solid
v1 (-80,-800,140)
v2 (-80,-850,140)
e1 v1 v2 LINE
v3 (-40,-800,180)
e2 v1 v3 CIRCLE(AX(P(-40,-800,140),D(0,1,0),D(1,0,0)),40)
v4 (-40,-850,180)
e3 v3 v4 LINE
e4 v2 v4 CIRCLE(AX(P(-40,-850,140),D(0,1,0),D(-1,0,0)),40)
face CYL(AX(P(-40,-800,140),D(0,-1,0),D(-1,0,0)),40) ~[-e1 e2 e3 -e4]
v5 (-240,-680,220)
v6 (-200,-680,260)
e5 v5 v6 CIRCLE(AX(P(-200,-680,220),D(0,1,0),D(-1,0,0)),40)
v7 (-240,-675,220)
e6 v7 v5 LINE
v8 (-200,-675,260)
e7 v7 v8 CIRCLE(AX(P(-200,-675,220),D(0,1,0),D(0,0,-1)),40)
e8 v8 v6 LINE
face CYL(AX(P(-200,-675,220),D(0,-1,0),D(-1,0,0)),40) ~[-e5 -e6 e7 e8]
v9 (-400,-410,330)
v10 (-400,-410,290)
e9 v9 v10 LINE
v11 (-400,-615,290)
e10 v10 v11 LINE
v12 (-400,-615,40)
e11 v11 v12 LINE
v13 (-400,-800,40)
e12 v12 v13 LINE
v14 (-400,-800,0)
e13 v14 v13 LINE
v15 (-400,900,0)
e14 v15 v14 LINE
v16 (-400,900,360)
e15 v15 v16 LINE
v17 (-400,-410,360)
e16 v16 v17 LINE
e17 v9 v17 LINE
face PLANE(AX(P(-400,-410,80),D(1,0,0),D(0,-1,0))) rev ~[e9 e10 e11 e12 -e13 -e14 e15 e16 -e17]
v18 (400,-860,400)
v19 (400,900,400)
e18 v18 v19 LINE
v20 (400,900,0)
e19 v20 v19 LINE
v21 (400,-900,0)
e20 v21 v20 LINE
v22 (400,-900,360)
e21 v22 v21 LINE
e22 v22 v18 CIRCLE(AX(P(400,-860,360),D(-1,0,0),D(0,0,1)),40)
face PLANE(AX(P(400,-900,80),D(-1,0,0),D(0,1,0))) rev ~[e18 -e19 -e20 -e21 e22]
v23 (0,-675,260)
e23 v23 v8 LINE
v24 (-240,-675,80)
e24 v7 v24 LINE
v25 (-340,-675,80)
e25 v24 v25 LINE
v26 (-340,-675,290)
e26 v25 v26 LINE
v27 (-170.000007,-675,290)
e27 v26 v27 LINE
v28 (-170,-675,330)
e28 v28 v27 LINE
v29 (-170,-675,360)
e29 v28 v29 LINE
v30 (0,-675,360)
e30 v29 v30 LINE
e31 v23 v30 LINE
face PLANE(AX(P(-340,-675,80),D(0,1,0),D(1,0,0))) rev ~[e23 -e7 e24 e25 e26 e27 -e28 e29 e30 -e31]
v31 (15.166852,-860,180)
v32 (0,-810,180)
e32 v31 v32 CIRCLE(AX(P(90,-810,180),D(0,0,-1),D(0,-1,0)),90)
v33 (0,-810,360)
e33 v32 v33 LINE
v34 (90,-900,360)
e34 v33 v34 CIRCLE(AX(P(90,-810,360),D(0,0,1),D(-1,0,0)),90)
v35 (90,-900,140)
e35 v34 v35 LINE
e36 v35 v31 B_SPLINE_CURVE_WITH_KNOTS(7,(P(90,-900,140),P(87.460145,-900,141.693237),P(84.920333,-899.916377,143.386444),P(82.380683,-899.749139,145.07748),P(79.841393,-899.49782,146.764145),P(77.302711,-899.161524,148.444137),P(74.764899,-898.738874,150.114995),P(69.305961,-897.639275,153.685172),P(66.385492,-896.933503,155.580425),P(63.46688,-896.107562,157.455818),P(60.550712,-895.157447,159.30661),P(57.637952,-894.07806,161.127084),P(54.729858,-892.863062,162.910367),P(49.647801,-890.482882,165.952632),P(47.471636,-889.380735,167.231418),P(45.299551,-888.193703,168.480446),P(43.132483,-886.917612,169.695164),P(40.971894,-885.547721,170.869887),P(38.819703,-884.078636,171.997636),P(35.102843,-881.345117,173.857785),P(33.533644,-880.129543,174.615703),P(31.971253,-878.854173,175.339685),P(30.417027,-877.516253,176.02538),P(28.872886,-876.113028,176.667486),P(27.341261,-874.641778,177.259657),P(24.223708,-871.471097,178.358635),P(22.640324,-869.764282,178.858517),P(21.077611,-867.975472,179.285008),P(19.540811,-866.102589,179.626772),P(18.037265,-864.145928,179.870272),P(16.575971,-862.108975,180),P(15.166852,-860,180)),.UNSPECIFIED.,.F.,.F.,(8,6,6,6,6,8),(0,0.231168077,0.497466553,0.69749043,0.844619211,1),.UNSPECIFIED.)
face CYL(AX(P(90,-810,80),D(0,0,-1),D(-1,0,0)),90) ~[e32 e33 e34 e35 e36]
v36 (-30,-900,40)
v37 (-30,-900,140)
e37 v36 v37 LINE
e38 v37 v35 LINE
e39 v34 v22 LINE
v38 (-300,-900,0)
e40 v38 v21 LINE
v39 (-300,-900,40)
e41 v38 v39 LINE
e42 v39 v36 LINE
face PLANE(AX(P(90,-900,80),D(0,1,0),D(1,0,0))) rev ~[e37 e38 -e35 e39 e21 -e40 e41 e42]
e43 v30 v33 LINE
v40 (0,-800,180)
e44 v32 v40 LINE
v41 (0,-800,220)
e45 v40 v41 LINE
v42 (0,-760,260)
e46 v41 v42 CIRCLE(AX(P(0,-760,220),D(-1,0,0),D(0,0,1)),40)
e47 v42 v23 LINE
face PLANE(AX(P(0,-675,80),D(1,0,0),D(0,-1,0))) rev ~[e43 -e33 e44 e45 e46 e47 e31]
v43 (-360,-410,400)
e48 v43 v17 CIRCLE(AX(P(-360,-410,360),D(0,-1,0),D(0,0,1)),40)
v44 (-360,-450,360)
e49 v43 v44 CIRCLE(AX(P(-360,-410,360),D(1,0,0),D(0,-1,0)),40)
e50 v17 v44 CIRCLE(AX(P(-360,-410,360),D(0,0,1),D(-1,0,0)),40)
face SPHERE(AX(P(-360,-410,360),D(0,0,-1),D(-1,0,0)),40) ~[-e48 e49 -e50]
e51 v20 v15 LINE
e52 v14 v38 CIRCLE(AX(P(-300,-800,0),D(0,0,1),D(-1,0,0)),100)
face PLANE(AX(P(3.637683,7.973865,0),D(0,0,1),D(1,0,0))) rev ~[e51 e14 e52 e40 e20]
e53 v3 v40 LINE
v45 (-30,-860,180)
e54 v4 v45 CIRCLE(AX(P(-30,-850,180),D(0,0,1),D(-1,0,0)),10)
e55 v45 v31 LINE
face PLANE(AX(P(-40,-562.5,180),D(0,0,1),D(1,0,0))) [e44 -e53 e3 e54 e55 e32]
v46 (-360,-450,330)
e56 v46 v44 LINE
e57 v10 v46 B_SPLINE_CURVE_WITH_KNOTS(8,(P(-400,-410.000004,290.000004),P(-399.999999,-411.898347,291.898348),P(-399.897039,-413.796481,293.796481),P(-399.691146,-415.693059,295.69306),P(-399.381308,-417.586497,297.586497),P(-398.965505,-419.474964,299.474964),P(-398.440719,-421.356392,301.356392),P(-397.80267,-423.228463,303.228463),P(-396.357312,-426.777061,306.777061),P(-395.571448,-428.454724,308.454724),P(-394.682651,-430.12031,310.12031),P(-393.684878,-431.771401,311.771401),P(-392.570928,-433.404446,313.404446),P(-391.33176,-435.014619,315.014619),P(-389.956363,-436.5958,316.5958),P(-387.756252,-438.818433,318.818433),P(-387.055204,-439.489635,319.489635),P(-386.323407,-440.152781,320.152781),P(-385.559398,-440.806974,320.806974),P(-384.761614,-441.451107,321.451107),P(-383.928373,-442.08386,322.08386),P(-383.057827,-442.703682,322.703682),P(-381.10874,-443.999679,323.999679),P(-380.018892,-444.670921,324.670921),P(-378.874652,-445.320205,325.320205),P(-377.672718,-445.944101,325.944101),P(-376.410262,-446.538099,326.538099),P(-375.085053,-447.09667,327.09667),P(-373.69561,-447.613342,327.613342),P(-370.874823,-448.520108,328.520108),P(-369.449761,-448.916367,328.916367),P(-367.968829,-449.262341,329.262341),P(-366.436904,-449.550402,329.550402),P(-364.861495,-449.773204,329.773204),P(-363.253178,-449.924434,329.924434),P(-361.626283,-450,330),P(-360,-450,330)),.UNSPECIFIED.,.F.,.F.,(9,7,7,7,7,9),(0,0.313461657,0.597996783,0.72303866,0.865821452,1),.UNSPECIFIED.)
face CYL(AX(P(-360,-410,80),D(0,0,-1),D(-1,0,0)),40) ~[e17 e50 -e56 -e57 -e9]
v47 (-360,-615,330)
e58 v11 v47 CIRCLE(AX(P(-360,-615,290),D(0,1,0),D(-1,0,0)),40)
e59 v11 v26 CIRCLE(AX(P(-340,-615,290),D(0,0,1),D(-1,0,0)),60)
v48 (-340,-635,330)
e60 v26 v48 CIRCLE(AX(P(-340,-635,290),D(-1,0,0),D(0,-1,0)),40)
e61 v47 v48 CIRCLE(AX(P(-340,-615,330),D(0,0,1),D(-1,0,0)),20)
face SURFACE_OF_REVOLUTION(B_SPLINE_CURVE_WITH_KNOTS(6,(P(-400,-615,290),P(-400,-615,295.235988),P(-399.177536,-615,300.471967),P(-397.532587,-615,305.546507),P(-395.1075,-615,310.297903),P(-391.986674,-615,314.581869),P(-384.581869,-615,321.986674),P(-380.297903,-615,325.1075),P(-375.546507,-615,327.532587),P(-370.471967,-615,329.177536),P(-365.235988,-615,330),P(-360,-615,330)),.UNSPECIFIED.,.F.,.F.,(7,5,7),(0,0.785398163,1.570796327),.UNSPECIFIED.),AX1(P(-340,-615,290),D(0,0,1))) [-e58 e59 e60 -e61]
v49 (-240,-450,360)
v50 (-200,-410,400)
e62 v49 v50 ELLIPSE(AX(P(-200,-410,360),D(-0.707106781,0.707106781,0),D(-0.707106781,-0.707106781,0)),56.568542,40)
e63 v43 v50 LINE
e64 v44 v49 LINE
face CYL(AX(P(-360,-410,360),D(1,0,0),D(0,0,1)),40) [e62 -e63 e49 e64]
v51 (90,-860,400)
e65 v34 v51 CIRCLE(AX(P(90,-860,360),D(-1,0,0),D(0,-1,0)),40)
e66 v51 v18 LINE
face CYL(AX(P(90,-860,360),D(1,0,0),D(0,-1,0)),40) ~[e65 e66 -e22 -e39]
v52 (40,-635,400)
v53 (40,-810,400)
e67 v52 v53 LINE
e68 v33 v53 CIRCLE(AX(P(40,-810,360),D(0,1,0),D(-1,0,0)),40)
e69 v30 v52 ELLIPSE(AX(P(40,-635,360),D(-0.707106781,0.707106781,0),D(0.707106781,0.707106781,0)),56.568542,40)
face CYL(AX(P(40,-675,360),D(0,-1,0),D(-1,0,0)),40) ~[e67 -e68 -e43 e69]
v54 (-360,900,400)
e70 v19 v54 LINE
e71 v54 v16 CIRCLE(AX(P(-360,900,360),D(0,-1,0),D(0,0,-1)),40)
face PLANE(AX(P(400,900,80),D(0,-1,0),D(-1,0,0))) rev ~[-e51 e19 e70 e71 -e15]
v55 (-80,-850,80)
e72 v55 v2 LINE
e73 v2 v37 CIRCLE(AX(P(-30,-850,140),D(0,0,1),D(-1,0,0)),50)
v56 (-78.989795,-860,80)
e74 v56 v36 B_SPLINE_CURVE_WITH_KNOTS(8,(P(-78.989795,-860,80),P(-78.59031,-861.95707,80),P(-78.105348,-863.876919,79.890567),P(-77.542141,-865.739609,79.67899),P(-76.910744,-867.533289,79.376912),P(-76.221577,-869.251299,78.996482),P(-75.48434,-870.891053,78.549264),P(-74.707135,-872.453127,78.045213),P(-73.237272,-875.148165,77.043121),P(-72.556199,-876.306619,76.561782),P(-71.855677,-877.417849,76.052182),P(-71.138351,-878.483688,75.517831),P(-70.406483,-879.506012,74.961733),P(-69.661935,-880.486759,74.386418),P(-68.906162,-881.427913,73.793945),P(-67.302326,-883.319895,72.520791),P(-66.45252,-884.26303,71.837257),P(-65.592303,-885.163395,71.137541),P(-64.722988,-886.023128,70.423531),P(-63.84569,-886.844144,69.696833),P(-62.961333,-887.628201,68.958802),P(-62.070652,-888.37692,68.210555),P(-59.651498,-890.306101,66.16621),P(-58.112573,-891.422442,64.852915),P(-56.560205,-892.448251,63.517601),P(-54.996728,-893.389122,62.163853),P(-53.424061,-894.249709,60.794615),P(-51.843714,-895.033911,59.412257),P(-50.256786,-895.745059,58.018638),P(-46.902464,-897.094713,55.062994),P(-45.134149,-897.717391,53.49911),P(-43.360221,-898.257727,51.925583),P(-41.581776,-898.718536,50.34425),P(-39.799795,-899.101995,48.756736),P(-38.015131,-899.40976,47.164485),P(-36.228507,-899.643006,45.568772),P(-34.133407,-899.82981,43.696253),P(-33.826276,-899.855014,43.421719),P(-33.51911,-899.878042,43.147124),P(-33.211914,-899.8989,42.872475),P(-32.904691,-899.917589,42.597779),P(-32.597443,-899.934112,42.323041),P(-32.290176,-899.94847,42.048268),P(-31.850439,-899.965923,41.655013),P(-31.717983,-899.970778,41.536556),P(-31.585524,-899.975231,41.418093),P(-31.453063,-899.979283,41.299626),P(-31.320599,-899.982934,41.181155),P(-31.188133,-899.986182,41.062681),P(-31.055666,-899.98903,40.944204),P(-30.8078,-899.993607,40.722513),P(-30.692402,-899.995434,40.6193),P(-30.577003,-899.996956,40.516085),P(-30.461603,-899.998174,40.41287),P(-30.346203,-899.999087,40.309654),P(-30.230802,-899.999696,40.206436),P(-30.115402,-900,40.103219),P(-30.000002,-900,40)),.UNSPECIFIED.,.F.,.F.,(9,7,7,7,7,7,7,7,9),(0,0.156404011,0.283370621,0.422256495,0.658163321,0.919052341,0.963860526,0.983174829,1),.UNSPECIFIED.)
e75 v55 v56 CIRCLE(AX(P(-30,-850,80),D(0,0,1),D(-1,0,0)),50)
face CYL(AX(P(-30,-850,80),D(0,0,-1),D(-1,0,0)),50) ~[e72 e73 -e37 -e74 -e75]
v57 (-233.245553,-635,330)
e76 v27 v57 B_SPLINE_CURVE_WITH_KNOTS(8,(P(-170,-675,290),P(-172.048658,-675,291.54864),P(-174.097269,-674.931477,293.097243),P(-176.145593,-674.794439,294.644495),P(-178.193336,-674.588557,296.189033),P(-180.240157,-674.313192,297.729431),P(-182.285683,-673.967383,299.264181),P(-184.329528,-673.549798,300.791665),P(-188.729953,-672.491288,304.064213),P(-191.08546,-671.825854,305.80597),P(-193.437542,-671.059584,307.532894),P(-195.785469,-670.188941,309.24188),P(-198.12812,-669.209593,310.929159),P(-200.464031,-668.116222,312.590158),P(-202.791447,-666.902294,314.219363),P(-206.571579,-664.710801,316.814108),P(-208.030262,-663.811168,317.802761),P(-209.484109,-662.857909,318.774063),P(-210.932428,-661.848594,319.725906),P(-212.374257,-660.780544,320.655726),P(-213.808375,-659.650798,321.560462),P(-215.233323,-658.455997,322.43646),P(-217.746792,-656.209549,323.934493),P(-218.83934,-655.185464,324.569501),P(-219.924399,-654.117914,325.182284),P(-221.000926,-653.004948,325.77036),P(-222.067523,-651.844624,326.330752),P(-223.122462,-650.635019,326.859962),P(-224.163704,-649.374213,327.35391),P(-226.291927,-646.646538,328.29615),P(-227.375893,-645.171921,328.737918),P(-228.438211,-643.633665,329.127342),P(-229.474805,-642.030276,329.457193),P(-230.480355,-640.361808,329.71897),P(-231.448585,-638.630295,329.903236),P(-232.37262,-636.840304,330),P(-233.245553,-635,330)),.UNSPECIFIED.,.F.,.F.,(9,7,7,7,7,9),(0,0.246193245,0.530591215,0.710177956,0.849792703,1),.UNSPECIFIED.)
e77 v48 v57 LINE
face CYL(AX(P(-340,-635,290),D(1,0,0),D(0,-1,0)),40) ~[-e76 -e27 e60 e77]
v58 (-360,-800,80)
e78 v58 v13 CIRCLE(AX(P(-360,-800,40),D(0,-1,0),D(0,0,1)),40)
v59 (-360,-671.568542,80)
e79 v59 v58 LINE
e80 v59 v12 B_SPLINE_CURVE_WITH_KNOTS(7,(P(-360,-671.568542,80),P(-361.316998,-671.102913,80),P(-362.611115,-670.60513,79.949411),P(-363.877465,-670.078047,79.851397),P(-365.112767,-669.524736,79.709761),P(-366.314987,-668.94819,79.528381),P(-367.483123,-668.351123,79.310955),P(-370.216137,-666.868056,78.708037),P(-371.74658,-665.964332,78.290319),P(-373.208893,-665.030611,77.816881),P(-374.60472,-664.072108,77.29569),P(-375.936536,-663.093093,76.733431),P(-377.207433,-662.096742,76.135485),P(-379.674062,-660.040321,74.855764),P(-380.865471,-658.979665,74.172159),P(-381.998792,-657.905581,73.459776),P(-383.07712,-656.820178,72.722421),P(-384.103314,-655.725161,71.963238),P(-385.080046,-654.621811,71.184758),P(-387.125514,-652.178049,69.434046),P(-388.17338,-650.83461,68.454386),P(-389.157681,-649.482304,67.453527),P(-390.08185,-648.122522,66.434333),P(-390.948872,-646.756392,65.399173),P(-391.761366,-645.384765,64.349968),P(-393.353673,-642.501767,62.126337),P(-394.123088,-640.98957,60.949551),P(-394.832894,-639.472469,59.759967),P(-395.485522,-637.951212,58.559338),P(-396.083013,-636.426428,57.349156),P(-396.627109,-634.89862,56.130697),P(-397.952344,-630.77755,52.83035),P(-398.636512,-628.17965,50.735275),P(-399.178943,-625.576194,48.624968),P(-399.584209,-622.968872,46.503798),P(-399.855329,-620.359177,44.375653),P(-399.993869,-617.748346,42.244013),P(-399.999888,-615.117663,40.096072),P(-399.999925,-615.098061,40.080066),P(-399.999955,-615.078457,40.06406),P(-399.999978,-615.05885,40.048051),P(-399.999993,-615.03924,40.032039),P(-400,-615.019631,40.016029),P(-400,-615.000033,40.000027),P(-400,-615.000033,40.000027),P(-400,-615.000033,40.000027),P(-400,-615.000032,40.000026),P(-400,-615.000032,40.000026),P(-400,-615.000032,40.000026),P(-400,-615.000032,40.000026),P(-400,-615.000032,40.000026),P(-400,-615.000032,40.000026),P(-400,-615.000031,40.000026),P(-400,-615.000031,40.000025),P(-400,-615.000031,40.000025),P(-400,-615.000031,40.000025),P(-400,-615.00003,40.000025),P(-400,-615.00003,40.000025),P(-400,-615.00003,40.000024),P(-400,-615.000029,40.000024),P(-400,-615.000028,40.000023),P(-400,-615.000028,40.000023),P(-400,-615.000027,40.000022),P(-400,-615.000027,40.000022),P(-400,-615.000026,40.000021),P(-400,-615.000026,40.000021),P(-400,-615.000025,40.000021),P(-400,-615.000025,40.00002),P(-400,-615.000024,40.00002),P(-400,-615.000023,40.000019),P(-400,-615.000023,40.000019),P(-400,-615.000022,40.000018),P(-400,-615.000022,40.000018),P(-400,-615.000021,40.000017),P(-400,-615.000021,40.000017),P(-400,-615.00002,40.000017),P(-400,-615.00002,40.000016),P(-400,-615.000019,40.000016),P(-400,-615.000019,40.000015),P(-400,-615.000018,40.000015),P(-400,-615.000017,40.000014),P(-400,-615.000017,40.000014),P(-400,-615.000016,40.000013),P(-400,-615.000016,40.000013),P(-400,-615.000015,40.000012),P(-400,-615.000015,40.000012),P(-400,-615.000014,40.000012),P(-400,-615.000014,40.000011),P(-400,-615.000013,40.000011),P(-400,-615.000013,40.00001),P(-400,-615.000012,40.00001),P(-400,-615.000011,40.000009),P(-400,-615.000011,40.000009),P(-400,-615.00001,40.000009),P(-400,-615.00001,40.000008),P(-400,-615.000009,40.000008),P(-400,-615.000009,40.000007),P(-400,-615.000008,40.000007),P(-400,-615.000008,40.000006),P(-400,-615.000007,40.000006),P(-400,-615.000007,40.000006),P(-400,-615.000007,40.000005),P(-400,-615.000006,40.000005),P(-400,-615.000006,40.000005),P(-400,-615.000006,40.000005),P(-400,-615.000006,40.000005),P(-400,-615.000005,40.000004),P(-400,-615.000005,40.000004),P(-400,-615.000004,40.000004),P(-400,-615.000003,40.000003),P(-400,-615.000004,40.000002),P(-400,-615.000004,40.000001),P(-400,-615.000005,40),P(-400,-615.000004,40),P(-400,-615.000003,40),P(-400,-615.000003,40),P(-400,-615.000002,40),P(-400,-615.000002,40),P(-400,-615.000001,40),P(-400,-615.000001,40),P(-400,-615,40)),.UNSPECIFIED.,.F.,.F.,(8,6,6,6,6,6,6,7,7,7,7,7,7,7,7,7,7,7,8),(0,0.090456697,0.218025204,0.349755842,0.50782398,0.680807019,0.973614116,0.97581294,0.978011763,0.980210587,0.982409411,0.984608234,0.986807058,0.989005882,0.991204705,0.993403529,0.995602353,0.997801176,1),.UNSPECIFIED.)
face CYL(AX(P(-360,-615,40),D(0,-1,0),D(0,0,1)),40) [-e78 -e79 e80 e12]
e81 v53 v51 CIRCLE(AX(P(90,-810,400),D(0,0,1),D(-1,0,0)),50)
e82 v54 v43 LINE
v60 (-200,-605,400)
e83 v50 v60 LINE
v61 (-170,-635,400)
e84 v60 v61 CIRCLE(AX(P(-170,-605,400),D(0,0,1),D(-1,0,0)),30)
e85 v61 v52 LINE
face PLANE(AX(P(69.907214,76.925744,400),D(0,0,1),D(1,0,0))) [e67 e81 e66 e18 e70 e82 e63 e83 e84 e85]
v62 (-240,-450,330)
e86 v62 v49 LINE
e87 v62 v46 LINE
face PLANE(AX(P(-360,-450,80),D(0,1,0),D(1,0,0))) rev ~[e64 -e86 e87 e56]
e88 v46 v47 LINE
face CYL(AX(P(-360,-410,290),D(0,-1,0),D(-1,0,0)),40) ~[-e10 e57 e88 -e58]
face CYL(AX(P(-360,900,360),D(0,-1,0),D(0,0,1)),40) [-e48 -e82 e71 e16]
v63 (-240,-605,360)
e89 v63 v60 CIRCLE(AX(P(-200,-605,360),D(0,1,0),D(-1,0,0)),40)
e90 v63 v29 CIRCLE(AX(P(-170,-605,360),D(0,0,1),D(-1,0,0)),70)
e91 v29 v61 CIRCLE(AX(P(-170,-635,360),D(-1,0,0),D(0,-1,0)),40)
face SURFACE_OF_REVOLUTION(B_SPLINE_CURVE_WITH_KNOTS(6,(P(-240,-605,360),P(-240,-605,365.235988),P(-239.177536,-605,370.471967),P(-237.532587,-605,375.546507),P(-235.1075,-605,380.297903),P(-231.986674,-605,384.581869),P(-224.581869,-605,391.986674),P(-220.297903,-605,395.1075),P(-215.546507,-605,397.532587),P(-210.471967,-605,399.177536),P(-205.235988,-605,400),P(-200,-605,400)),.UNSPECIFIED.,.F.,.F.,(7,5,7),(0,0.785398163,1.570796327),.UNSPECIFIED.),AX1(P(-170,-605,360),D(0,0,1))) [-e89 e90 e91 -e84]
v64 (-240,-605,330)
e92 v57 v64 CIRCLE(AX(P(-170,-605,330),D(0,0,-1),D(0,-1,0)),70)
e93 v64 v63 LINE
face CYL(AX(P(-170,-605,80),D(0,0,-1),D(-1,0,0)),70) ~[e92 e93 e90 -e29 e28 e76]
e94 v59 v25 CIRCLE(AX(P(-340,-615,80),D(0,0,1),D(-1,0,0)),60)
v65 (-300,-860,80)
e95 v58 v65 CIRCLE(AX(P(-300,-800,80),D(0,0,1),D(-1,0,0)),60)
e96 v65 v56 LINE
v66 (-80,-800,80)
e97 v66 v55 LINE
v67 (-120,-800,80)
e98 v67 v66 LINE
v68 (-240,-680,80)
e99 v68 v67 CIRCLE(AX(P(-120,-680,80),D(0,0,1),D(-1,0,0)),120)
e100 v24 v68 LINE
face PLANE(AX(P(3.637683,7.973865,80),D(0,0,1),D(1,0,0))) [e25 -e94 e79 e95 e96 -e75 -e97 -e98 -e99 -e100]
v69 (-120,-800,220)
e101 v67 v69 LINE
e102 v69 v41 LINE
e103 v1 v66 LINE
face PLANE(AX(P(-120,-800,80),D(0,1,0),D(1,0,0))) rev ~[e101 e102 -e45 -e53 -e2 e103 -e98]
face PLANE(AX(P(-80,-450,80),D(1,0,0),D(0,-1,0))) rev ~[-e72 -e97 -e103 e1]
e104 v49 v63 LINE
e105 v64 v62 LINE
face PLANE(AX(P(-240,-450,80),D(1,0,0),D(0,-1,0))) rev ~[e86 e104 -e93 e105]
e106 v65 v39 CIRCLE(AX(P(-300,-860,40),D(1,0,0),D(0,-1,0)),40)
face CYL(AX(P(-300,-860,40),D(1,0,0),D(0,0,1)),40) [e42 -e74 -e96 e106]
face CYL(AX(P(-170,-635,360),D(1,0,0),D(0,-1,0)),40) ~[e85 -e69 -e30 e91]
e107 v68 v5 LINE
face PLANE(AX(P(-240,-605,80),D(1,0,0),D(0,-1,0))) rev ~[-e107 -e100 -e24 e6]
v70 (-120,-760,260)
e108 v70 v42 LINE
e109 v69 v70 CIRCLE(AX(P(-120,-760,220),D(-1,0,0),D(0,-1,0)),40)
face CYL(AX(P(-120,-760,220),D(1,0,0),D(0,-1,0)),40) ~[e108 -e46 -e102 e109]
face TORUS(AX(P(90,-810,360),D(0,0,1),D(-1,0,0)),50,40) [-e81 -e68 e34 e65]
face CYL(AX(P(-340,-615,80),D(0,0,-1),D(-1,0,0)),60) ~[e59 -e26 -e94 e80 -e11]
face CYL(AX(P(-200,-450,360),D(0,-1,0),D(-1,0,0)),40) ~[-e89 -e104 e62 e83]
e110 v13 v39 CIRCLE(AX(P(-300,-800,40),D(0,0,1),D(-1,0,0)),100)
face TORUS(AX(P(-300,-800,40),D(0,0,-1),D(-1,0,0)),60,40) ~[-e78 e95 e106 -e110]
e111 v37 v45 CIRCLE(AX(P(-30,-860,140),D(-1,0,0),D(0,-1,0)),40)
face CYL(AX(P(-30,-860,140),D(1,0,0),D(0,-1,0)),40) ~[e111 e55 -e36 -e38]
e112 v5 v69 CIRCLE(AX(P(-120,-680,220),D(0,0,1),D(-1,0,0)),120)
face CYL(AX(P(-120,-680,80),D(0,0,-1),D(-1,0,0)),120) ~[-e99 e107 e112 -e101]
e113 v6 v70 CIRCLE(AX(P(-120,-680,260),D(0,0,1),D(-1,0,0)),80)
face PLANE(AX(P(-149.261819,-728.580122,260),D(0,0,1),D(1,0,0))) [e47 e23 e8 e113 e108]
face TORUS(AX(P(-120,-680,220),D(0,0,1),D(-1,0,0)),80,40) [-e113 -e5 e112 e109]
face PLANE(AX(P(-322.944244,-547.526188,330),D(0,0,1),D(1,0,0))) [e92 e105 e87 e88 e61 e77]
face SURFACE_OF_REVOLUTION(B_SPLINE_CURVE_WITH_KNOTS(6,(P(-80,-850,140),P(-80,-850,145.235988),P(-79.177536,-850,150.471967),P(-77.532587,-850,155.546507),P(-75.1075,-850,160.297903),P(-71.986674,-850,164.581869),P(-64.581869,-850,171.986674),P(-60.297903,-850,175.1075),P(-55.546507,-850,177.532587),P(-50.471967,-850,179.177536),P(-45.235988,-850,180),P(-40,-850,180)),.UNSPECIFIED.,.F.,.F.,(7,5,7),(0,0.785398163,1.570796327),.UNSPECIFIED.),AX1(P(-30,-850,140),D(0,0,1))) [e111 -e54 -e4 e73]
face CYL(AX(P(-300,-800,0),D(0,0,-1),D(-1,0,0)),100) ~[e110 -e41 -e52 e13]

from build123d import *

# Parameters (mm, degrees)
F1_DEPTH = 80
F2_W     = 80
F2_H     = 225
F3_DEPTH = 320
F4_DEPTH = 250
F2_H_2   = 125
F5_DEPTH = 180
F6_DEPTH = 100
F7_R     = 40


with BuildPart() as f1:
    # F0 (on Top) → F1 (new body)
    with BuildSketch(Plane.XY):
        with BuildLine():
            ThreePointArc((-400, -800), (-370.7106781187, -870.7106781187), (-300, -900))
            Line((-300, -900), (400, -900))
            Line((400, -900), (400, 900))
            Line((400, 900), (-400, 900))
            Line((-400, 900), (-400, -800))
        make_face()
    extrude(amount=F1_DEPTH)

    # F2 (on face) → F3 (join)
    with BuildSketch(Plane.XY.offset(80)):
        with BuildLine():
            Line((400, -900), (400, 900))
            Line((400, 900), (-400, 900))
            Line((-400, 900), (-400, 0))
            Line((-400, 0), (0, 0))
            Line((0, 0), (0, -450))
            Line((0, -450), (0, -675))
            Line((0, -675), (0, -800))
            Line((0, -800), (0, -810))
            ThreePointArc((0, -810), (26.3603896932, -873.6396103068), (90, -900))
            Line((90, -900), (122.6464435458, -900))
            Line((122.6464435458, -900), (400, -900))
        make_face()
        with BuildLine():
            Line((0, 0), (-400, 0))
            Line((-400, 0), (-400, -410))
            ThreePointArc((-400, -410), (-388.2842712475, -438.2842712475), (-360, -450))
            Line((-360, -450), (-240, -450))
            Line((-240, -450), (-80, -450))
            Line((-80, -450), (0, -450))
            Line((0, -450), (0, 0))
        make_face()
        with Locations((-40, -562.5)):
            Rectangle(F2_W, F2_H)
        with BuildLine():
            Line((-80, -450), (-240, -450))
            Line((-240, -450), (-240, -605))
            ThreePointArc((-240, -605), (-219.4974746831, -654.4974746831), (-170, -675))
            Line((-170, -675), (-80, -675))
            Line((-80, -675), (-80, -450))
        make_face()
    extrude(amount=F3_DEPTH)

    # F2 (on face) → F4 (join)
    with BuildSketch(Plane.XY.offset(80)):
        with BuildLine():
            ThreePointArc((-360, -450), (-388.2842712475, -438.2842712475), (-400, -410))
            Line((-400, -410), (-400, -450))
            Line((-400, -450), (-400, -615))
            ThreePointArc((-400, -615), (-382.4264068712, -657.4264068712), (-340, -675))
            Line((-340, -675), (-240, -675))
            Line((-240, -675), (-240, -605))
            Line((-240, -605), (-240, -450))
            Line((-240, -450), (-360, -450))
        make_face()
        with BuildLine():
            ThreePointArc((-170, -675), (-219.4974746831, -654.4974746831), (-240, -605))
            Line((-240, -605), (-240, -675))
            Line((-240, -675), (-170, -675))
        make_face()
    extrude(amount=F4_DEPTH)

    # F2 (on face) → F5 (join)
    with BuildSketch(Plane.XY.offset(80)):
        with BuildLine():
            Line((-80, -800), (-80, -675))
            Line((-80, -675), (-170, -675))
            Line((-170, -675), (-240, -675))
            Line((-240, -675), (-240, -680))
            ThreePointArc((-240, -680), (-204.8528137424, -764.8528137424), (-120, -800))
            Line((-120, -800), (-80, -800))
        make_face()
        with Locations((-40, -562.5)):
            Rectangle(F2_W, F2_H)
        with Locations((-40, -737.5)):
            Rectangle(F2_W, F2_H_2)
        with BuildLine():
            ThreePointArc((-170, -675), (-219.4974746831, -654.4974746831), (-240, -605))
            Line((-240, -605), (-240, -675))
            Line((-240, -675), (-170, -675))
        make_face()
    extrude(amount=F5_DEPTH)

    # F2 (on face) → F6 (join)
    with BuildSketch(Plane.XY.offset(80)):
        with Locations((-40, -562.5)):
            Rectangle(F2_W, F2_H)
        with Locations((-40, -737.5)):
            Rectangle(F2_W, F2_H_2)
        with BuildLine():
            Line((-30, -900), (0, -900))
            Line((0, -900), (0, -810))
            Line((0, -810), (0, -800))
            Line((0, -800), (-80, -800))
            Line((-80, -800), (-80, -850))
            ThreePointArc((-80, -850), (-65.3553390593, -885.3553390593), (-30, -900))
        make_face()
        with BuildLine():
            Line((0, -900), (90, -900))
            ThreePointArc((90, -900), (26.3603896932, -873.6396103068), (0, -810))
            Line((0, -810), (0, -900))
        make_face()
    extrude(amount=F6_DEPTH)

    # F7
    f7_edges = [f1.edges().sort_by_distance(p)[0] for p in [
        (-219.497475, -654.497475, 400),
        (26.36039, -873.63961, 400),
        (-300, -450, 400),
        (-382.426407, -657.426407, 330),
        (-204.852814, -764.852814, 260),
        (-65.355339, -885.355339, 180),
        (-370.710678, -870.710678, 80),
    ]]
    fillet(f7_edges, radius=F7_R)


solid = f1.part
